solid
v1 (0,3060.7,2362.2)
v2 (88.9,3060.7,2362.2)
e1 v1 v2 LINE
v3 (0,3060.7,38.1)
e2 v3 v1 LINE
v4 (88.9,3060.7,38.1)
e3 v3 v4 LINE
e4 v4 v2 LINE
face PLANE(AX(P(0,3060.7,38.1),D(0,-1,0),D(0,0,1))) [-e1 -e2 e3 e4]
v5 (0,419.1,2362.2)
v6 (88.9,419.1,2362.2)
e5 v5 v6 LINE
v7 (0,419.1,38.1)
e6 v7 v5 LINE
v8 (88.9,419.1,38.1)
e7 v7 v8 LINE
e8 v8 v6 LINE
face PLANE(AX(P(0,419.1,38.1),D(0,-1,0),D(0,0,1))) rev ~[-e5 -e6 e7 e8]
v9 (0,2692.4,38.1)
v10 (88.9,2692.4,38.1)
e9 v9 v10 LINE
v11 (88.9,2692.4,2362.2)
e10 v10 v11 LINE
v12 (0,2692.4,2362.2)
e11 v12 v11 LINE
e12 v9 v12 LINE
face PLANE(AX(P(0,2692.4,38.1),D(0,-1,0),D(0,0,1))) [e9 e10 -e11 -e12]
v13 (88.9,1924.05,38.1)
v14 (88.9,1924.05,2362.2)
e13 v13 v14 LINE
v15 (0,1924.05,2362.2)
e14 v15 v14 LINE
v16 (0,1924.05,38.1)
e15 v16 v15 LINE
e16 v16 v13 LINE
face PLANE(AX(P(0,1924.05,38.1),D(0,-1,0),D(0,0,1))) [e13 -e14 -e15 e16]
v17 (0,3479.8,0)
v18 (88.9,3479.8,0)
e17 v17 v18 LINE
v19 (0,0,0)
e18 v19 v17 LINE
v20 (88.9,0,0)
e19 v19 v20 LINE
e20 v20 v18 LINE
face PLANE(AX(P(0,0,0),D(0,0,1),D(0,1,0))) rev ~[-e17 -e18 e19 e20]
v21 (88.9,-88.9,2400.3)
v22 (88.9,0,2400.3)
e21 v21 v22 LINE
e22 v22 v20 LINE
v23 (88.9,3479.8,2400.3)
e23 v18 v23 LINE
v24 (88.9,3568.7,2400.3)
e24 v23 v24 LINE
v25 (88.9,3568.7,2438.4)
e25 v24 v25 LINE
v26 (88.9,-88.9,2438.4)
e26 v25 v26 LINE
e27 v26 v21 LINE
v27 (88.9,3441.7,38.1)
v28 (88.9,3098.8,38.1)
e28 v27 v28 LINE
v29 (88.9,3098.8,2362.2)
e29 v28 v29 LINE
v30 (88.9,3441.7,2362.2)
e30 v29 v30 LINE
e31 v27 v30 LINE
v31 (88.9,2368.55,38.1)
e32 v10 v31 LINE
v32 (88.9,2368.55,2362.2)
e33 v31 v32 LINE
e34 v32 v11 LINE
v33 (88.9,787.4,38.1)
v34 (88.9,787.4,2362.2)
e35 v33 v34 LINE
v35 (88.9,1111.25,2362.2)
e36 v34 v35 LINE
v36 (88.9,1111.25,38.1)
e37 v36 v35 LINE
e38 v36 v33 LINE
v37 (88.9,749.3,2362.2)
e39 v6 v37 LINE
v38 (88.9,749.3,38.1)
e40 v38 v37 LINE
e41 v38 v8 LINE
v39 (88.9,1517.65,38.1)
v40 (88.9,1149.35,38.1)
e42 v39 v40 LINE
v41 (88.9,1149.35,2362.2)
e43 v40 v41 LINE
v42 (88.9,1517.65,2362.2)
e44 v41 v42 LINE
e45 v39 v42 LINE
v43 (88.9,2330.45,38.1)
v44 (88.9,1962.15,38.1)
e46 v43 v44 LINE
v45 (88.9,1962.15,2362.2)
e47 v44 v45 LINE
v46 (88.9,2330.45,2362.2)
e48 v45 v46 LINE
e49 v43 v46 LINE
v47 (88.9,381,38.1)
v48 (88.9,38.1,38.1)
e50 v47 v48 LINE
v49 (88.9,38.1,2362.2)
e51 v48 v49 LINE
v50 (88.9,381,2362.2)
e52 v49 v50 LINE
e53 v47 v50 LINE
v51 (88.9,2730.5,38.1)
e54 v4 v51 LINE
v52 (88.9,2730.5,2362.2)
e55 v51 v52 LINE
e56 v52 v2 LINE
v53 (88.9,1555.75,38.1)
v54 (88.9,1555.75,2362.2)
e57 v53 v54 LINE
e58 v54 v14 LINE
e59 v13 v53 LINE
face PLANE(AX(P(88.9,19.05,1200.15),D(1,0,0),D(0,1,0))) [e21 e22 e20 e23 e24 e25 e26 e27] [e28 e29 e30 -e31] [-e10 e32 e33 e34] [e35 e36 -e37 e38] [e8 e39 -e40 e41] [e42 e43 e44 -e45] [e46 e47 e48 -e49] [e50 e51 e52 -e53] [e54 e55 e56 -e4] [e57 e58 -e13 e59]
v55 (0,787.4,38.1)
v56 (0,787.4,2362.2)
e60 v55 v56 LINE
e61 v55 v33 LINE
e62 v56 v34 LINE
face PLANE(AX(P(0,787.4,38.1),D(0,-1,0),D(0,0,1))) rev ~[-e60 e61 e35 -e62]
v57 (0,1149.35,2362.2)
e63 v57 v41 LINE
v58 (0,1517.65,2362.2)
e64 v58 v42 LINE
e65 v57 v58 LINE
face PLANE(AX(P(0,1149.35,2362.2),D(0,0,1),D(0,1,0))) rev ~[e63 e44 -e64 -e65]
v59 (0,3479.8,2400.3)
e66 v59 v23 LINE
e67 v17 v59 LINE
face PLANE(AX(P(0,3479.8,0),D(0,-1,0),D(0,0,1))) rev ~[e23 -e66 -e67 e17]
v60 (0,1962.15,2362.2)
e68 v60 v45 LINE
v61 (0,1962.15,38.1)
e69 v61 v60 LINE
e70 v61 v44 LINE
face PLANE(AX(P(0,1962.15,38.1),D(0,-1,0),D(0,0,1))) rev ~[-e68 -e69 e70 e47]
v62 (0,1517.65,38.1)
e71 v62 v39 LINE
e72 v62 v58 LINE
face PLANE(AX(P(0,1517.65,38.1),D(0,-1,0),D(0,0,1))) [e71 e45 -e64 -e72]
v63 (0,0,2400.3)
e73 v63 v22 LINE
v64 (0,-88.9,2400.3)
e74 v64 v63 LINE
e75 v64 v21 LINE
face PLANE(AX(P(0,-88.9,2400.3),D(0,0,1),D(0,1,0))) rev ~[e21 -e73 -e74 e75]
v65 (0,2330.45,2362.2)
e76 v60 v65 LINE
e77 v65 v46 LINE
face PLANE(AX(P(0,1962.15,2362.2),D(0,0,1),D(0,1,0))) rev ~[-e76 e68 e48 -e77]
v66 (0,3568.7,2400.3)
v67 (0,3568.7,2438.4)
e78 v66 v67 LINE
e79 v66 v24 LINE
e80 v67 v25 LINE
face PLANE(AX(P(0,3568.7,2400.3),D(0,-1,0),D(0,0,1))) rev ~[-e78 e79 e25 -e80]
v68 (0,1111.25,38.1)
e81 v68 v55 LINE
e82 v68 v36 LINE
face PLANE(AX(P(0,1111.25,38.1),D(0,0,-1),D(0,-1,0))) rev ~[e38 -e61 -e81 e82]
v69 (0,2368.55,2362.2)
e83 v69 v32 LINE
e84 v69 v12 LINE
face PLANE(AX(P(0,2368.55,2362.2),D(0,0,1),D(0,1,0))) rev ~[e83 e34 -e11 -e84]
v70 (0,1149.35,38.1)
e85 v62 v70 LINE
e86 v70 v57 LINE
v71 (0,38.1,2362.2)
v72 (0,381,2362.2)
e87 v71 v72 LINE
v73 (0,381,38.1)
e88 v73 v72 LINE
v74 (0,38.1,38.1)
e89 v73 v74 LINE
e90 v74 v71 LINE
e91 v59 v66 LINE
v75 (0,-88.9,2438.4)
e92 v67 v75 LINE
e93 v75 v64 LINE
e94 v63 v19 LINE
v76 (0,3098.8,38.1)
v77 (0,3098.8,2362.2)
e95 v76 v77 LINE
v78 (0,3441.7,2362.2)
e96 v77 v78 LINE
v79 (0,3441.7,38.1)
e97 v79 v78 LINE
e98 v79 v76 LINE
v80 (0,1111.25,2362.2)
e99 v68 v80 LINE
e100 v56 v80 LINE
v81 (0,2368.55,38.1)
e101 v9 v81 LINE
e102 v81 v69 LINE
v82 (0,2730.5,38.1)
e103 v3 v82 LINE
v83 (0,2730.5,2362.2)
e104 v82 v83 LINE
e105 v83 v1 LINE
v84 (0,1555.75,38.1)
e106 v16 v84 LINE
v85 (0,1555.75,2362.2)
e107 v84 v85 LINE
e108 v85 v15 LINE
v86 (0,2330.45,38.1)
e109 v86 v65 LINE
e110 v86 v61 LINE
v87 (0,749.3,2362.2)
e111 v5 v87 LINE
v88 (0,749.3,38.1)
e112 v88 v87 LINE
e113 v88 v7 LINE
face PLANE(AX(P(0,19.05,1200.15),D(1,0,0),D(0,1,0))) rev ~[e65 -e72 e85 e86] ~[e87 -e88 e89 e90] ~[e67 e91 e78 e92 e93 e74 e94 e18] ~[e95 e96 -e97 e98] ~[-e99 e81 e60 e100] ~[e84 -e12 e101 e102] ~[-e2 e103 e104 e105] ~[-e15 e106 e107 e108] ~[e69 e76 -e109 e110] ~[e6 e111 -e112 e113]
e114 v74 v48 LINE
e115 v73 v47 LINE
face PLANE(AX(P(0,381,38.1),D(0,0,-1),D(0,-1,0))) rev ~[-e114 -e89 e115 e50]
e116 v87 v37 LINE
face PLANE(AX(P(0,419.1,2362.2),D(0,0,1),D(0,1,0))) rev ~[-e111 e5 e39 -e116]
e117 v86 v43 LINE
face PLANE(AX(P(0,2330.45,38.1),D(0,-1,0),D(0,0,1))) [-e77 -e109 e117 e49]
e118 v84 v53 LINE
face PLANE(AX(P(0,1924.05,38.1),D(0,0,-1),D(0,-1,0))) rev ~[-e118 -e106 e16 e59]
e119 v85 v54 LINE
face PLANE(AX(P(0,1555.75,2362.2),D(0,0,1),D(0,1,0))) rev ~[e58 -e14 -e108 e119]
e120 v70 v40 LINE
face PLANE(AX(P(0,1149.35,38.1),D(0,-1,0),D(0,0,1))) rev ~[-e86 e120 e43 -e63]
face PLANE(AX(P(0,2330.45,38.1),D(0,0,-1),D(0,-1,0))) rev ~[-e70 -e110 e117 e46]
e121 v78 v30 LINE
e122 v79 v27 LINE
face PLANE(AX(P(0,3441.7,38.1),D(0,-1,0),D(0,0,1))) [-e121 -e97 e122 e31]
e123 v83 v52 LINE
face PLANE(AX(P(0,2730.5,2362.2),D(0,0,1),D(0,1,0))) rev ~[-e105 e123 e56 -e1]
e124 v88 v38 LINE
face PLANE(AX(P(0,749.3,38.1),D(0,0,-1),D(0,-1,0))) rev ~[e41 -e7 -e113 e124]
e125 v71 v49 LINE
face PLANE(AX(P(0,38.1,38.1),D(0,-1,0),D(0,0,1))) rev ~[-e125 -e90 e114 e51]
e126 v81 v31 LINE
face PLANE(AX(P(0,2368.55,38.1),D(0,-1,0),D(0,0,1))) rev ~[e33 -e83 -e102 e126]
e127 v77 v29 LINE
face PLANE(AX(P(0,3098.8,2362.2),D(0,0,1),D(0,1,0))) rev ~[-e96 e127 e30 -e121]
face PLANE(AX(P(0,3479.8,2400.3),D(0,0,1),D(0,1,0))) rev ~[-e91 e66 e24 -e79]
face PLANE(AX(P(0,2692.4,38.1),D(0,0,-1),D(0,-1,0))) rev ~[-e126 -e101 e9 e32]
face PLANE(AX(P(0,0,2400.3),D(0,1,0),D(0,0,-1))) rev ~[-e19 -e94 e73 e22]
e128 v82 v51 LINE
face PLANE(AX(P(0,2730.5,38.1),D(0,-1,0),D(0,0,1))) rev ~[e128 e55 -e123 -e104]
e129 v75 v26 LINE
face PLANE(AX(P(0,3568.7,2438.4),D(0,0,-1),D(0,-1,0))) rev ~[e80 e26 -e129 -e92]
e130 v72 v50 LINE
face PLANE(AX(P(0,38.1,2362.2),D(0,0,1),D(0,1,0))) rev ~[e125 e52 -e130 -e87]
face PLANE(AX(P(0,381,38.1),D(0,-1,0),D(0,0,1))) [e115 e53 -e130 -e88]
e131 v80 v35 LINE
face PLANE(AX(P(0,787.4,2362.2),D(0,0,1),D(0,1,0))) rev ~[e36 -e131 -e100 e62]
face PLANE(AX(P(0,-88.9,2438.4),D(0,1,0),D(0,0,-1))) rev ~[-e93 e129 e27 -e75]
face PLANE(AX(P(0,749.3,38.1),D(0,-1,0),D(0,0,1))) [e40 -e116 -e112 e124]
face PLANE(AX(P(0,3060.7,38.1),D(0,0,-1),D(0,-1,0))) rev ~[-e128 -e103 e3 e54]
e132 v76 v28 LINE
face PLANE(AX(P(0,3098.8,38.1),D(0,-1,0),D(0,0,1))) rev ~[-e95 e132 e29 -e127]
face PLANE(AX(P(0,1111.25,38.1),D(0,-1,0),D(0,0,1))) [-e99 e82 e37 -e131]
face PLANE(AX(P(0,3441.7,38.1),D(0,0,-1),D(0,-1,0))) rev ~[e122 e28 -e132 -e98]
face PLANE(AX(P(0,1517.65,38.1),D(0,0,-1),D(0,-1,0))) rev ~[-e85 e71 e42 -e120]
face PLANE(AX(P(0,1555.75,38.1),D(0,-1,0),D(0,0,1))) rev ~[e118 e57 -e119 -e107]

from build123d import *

# Parameters (mm, degrees)
F0_W     = 38.1
F0_H     = 2324.1
F1_DEPTH = 88.9


with BuildPart() as f1:
    # F0 (on Right) → F1 (new body)
    with BuildSketch(Plane.YZ):
        with Locations((19.05, 1200.15)):
            Rectangle(F0_W, F0_H)
        with Locations((400.05, 1200.15)):
            Rectangle(F0_W, F0_H)
        with Locations((768.35, 1200.15)):
            Rectangle(F0_W, F0_H)
        with Locations((1130.3, 1200.15)):
            Rectangle(F0_W, F0_H)
        with Locations((2349.5, 1200.15)):
            Rectangle(F0_W, F0_H)
        with Locations((2711.45, 1200.15)):
            Rectangle(F0_W, F0_H)
        with Locations((3079.75, 1200.15)):
            Rectangle(F0_W, F0_H)
        with Locations((3460.75, 1200.15)):
            Rectangle(F0_W, F0_H)
        Polygon((0, 2400.3), (0, 2362.2), (38.1, 2362.2), (381, 2362.2), (419.1, 2362.2), (749.3, 2362.2), (787.4, 2362.2), (1111.25, 2362.2), (1149.35, 2362.2), (1517.65, 2362.2), (1555.75, 2362.2), (1924.05, 2362.2), (1962.15, 2362.2), (2330.45, 2362.2), (2368.55, 2362.2), (2692.4, 2362.2), (2730.5, 2362.2), (3060.7, 2362.2), (3098.8, 2362.2), (3441.7, 2362.2), (3479.8, 2362.2), (3479.8, 2400.3), align=None)
        Polygon((-88.9, 2400.3), (0, 2400.3), (3479.8, 2400.3), (3568.7, 2400.3), (3568.7, 2438.4), (-88.9, 2438.4), align=None)
        Polygon((0, 38.1), (0, 0), (3479.8, 0), (3479.8, 38.1), (3441.7, 38.1), (3098.8, 38.1), (3060.7, 38.1), (2730.5, 38.1), (2692.4, 38.1), (2368.55, 38.1), (2330.45, 38.1), (1962.15, 38.1), (1924.05, 38.1), (1555.75, 38.1), (1517.65, 38.1), (1149.35, 38.1), (1111.25, 38.1), (787.4, 38.1), (749.3, 38.1), (419.1, 38.1), (381, 38.1), (38.1, 38.1), align=None)
        with Locations((1536.7, 1200.15)):
            Rectangle(F0_W, F0_H)
        with Locations((1943.1, 1200.15)):
            Rectangle(F0_W, F0_H)
    extrude(amount=F1_DEPTH)


solid = f1.part
